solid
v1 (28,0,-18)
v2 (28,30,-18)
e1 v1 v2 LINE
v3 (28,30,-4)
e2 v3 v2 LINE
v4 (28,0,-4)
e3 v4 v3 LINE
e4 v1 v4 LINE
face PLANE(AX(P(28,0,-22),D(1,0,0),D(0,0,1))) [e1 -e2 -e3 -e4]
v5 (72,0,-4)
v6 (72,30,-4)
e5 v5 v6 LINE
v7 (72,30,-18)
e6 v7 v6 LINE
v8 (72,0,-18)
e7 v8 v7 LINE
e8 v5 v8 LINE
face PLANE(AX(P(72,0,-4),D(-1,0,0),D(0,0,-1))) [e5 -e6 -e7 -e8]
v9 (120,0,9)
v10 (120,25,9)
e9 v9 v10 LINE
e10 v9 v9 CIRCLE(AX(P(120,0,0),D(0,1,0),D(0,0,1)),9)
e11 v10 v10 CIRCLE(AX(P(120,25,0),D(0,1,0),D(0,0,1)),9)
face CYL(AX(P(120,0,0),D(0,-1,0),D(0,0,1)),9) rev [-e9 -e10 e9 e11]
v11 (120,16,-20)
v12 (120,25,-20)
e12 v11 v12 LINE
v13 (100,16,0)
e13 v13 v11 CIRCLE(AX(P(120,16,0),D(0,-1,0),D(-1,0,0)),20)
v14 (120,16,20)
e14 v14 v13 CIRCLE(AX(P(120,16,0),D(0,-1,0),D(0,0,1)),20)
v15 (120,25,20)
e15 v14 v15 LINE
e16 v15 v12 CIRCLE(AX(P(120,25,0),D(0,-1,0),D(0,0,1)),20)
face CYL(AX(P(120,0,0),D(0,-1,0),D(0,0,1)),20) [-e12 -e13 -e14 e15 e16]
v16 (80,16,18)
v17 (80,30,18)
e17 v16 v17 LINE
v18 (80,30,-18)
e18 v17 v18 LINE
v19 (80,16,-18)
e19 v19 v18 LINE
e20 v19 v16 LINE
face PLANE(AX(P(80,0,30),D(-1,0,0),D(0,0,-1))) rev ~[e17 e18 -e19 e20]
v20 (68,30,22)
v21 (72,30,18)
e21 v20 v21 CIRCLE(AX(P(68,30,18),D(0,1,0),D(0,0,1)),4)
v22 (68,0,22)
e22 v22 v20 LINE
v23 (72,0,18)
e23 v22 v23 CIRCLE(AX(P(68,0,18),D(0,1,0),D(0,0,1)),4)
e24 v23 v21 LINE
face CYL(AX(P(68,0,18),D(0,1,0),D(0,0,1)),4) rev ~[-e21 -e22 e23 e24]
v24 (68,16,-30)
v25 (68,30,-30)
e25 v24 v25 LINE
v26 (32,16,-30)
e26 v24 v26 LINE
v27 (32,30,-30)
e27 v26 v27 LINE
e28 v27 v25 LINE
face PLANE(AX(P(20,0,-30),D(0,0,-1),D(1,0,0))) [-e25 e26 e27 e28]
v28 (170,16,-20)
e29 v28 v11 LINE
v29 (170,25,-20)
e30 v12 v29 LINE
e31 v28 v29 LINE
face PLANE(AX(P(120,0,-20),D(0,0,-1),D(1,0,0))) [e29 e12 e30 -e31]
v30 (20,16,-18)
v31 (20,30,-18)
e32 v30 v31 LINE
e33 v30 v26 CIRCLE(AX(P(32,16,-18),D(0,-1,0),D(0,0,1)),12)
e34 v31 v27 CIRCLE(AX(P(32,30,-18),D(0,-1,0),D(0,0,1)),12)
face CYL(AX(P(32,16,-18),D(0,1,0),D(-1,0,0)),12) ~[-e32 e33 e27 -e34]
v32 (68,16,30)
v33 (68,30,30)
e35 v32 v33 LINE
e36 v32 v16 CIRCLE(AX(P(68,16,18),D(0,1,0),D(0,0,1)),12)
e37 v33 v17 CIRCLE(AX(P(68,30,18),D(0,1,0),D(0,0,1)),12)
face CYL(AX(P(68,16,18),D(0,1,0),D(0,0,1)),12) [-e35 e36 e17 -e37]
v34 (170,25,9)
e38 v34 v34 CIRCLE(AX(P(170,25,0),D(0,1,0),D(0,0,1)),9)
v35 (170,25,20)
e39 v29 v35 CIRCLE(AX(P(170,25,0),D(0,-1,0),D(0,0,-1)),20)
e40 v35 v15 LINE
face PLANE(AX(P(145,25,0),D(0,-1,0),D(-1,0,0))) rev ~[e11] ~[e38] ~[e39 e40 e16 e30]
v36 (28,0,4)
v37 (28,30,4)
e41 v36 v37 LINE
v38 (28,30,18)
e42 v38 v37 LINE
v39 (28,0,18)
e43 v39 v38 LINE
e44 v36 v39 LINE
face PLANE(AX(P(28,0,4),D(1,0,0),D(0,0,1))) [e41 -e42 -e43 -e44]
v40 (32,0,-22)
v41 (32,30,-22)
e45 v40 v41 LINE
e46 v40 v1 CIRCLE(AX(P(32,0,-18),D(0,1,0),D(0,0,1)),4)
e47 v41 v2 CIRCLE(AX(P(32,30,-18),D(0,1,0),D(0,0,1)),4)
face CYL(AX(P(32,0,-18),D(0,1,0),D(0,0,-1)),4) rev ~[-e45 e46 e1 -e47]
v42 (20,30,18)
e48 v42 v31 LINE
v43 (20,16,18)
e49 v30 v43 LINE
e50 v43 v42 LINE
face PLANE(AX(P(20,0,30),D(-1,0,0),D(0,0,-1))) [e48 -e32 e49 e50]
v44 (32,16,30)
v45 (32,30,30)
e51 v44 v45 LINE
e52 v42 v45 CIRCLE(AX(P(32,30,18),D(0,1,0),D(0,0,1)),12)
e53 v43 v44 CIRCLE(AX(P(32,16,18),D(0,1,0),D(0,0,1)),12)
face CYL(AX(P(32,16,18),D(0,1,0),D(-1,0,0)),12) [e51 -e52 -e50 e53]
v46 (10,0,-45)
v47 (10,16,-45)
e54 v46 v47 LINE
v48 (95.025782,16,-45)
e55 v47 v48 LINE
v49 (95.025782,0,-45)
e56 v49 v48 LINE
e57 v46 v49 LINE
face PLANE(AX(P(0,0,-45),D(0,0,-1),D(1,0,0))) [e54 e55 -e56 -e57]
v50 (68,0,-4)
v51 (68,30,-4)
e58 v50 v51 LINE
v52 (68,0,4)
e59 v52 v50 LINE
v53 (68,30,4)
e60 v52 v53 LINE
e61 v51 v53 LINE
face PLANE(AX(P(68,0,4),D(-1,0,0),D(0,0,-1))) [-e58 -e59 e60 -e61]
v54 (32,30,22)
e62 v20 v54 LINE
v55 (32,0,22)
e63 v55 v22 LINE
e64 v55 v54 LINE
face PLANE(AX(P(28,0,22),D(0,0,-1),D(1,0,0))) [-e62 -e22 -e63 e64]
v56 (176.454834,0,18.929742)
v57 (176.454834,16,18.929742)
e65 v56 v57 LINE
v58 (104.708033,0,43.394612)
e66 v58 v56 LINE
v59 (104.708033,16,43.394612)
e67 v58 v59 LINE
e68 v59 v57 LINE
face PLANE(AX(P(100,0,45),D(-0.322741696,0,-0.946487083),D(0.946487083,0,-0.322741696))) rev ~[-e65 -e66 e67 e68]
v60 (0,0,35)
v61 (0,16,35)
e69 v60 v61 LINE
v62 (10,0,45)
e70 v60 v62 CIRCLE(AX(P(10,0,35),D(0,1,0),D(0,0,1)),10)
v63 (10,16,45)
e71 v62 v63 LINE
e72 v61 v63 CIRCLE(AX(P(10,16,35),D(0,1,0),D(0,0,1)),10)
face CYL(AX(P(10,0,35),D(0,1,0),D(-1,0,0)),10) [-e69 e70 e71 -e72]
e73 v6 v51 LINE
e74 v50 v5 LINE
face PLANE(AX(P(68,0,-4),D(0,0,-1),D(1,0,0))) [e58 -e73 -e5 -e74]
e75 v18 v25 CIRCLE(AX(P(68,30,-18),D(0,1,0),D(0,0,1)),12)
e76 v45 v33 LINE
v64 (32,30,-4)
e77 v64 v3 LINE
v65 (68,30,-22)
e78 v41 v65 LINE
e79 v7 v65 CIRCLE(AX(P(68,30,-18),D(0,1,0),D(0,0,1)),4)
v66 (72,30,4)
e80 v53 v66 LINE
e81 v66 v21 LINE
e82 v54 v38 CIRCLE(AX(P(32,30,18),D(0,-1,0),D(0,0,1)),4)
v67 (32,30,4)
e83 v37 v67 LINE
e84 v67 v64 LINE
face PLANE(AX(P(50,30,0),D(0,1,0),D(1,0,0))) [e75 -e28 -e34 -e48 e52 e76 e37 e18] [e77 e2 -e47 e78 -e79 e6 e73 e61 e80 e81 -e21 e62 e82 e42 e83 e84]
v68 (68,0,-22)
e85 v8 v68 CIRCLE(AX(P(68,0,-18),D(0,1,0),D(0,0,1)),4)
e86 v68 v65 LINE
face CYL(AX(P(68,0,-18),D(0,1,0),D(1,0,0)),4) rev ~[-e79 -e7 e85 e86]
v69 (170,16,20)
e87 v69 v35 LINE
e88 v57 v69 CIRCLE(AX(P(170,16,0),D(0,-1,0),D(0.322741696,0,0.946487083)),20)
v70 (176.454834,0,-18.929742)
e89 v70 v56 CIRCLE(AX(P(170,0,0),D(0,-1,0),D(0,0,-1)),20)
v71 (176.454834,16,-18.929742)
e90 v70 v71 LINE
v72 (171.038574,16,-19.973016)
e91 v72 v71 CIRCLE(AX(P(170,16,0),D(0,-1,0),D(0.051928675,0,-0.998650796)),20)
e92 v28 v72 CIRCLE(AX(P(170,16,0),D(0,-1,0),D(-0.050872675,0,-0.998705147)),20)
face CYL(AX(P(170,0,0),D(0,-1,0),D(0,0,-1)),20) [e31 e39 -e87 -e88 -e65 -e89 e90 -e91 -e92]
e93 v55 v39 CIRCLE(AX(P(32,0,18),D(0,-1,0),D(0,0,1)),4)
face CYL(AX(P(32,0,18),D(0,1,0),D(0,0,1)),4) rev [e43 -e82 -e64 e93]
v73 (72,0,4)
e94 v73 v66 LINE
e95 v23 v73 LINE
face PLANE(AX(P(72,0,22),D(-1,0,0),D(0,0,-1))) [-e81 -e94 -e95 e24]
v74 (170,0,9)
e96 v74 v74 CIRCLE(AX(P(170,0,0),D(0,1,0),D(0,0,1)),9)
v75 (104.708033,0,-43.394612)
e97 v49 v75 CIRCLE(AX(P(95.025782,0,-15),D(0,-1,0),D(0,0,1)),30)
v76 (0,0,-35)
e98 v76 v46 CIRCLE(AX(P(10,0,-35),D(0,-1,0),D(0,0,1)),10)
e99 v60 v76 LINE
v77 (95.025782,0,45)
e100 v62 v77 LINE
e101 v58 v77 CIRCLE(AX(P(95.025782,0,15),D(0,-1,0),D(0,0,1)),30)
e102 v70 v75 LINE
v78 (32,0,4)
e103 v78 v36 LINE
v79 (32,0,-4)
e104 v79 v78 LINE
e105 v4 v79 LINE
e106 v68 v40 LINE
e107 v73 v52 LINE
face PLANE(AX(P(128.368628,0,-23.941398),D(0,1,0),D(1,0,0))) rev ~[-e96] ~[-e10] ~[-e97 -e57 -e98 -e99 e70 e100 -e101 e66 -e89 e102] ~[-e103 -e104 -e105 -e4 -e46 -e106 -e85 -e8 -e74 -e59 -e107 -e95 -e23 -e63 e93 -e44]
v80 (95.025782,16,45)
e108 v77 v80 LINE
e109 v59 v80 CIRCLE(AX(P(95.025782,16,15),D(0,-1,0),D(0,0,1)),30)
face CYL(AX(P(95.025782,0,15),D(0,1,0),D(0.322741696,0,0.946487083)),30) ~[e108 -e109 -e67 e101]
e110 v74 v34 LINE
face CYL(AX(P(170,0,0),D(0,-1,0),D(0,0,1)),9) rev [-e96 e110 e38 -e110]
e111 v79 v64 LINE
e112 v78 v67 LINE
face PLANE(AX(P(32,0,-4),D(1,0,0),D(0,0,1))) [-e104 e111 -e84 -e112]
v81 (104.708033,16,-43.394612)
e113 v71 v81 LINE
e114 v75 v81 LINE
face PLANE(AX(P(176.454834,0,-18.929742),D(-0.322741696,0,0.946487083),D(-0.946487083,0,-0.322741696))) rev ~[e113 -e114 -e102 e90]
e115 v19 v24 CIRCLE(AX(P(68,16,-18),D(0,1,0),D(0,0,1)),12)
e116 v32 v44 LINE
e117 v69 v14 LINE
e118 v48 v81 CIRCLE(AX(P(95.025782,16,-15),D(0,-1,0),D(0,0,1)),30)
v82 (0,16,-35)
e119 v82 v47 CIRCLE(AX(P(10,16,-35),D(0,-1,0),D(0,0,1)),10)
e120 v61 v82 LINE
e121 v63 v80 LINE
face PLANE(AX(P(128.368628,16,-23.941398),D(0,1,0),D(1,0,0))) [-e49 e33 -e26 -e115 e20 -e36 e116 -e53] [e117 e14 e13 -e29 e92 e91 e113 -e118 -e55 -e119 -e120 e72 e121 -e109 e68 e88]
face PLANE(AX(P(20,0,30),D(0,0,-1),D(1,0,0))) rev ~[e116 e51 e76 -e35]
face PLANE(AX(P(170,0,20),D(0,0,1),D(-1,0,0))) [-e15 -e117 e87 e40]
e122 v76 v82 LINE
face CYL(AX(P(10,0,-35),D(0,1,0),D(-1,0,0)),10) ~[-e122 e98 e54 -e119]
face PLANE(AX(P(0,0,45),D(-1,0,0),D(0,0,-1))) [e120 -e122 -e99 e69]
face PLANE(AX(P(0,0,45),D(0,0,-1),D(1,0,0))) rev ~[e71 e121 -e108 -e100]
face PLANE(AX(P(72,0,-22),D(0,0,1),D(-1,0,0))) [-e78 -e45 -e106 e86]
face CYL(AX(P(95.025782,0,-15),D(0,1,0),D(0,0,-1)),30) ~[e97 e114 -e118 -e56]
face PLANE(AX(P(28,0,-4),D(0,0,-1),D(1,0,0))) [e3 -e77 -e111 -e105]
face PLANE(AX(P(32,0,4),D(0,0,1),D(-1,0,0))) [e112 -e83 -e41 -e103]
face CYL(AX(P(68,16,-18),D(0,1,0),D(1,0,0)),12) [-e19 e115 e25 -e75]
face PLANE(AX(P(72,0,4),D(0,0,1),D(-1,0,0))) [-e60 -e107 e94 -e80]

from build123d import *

# Parameters (mm, degrees)
SKETCH_1_W          = 100
SKETCH_1_H          = 90
EXTRUDE_1_DEPTH     = 16
FILLET_1_R          = 10
SKETCH_4_W          = 60
SKETCH_4_H          = 60
EXTRUDE_2_DEPTH     = 30
FILLET_3_R          = 12
CUT_EXTRUDE_1_DEPTH = 46
FILLET_4_R          = 4
EXTRUDE_4_DEPTH     = 16
SKETCH_10_R         = 9
EXTRUDE_5_DEPTH     = 25
FILLET_6_R          = 30


with BuildPart() as part:
    # 草图1 → 凸台-拉伸1 (new body)
    with BuildSketch(Plane(origin=(0, 0, 0), x_dir=(1, 0, 0), z_dir=(0, 1, 0))):
        with Locations((50, 0)):
            Rectangle(SKETCH_1_W, SKETCH_1_H)
    extrude(amount=EXTRUDE_1_DEPTH)

    # 圆角1
    fillet_1_edges = [part.edges().sort_by_distance(p)[0] for p in [
        (0, 8, -45),
        (0, 8, 45),
    ]]
    fillet(fillet_1_edges, radius=FILLET_1_R)

    # 草图4 → 凸台-拉伸2 (add)
    with BuildSketch(Plane(origin=(0, 0, 0), x_dir=(1, 0, 0), z_dir=(0, 1, 0))):
        with Locations((50, 0)):
            Rectangle(SKETCH_4_W, SKETCH_4_H)
    extrude(amount=EXTRUDE_2_DEPTH)

    # 圆角3
    fillet_3_edges = [part.edges().sort_by_distance(p)[0] for p in [
        (20, 23, -30),
        (20, 23, 30),
        (80, 23, 30),
        (80, 23, -30),
    ]]
    fillet(fillet_3_edges, radius=FILLET_3_R)

    # 草图5 → 切除-拉伸1 (cut)
    with BuildSketch(Plane(origin=(0, 0, 0), x_dir=(1, 0, 0), z_dir=(0, 1, 0))):
        Polygon((28, -4), (28, -22), (72, -22), (72, -4), (68, -4), (68, 4), (72, 4), (72, 22), (28, 22), (28, 4), (32, 4), (32, -4), align=None)
    extrude(amount=CUT_EXTRUDE_1_DEPTH, mode=Mode.SUBTRACT)

    # 圆角4
    fillet_4_edges = [part.edges().sort_by_distance(p)[0] for p in [
        (28, 15, -22),
        (28, 15, 22),
        (72, 15, 22),
        (72, 15, -22),
    ]]
    fillet(fillet_4_edges, radius=FILLET_4_R)

    # 草图9 → 凸台-拉伸4 (add)
    with BuildSketch(Plane(origin=(0, 0, 0), x_dir=(1, 0, 0), z_dir=(0, 1, 0))):
        with BuildLine():
            ThreePointArc((100, 1e-09), (105.857864376, 14.142135624), (120, 20))
            Line((120, 20), (168.98254652, 19.974102944))
            ThreePointArc((168.98254652, 19.974102944), (170.010573991, 19.999997205), (171.038573506, 19.973015923))
            ThreePointArc((171.038573506, 19.973015923), (173.782842055, 19.638994526), (176.45483392, 18.929741653))
            Line((176.45483392, 18.929741653), (100, 45))
            Line((100, 45), (100, 1e-09))
        make_face()
        with BuildLine():
            ThreePointArc((120, -20), (105.857864376, -14.142135623), (100, 1e-09))
            Line((100, 1e-09), (100, -45))
            Line((100, -45), (176.45483392, -18.929741653))
            ThreePointArc((176.45483392, -18.929741653), (173.271480317, -19.730621291), (170, -20))
            Line((170, -20), (120, -20))
        make_face()
    extrude(amount=EXTRUDE_4_DEPTH)

    # 草图10 → 凸台-拉伸5 (add)
    with BuildSketch(Plane(origin=(0, 0, 0), x_dir=(1, 0, 0), z_dir=(0, 1, 0))):
        with BuildLine():
            Line((120, 20), (170, 20))
            ThreePointArc((170, 20), (190, 0), (170, -20))
            Line((170, -20), (120, -20))
            ThreePointArc((120, -20), (100, 0), (120, 20))
        make_face()
        with Locations(Location((120, 0, 0), (0, 0, 270))):
            Circle(SKETCH_10_R, mode=Mode.SUBTRACT)
        with Locations(Location((170, 0, 0), (0, 0, 270))):
            Circle(SKETCH_10_R, mode=Mode.SUBTRACT)
    extrude(amount=EXTRUDE_5_DEPTH)

    # 圆角6
    fillet_6_edges = [part.edges().sort_by_distance(p)[0] for p in [
        (100, 8, -45),
        (100, 8, 45),
    ]]
    fillet(fillet_6_edges, radius=FILLET_6_R)


solid = part.part
